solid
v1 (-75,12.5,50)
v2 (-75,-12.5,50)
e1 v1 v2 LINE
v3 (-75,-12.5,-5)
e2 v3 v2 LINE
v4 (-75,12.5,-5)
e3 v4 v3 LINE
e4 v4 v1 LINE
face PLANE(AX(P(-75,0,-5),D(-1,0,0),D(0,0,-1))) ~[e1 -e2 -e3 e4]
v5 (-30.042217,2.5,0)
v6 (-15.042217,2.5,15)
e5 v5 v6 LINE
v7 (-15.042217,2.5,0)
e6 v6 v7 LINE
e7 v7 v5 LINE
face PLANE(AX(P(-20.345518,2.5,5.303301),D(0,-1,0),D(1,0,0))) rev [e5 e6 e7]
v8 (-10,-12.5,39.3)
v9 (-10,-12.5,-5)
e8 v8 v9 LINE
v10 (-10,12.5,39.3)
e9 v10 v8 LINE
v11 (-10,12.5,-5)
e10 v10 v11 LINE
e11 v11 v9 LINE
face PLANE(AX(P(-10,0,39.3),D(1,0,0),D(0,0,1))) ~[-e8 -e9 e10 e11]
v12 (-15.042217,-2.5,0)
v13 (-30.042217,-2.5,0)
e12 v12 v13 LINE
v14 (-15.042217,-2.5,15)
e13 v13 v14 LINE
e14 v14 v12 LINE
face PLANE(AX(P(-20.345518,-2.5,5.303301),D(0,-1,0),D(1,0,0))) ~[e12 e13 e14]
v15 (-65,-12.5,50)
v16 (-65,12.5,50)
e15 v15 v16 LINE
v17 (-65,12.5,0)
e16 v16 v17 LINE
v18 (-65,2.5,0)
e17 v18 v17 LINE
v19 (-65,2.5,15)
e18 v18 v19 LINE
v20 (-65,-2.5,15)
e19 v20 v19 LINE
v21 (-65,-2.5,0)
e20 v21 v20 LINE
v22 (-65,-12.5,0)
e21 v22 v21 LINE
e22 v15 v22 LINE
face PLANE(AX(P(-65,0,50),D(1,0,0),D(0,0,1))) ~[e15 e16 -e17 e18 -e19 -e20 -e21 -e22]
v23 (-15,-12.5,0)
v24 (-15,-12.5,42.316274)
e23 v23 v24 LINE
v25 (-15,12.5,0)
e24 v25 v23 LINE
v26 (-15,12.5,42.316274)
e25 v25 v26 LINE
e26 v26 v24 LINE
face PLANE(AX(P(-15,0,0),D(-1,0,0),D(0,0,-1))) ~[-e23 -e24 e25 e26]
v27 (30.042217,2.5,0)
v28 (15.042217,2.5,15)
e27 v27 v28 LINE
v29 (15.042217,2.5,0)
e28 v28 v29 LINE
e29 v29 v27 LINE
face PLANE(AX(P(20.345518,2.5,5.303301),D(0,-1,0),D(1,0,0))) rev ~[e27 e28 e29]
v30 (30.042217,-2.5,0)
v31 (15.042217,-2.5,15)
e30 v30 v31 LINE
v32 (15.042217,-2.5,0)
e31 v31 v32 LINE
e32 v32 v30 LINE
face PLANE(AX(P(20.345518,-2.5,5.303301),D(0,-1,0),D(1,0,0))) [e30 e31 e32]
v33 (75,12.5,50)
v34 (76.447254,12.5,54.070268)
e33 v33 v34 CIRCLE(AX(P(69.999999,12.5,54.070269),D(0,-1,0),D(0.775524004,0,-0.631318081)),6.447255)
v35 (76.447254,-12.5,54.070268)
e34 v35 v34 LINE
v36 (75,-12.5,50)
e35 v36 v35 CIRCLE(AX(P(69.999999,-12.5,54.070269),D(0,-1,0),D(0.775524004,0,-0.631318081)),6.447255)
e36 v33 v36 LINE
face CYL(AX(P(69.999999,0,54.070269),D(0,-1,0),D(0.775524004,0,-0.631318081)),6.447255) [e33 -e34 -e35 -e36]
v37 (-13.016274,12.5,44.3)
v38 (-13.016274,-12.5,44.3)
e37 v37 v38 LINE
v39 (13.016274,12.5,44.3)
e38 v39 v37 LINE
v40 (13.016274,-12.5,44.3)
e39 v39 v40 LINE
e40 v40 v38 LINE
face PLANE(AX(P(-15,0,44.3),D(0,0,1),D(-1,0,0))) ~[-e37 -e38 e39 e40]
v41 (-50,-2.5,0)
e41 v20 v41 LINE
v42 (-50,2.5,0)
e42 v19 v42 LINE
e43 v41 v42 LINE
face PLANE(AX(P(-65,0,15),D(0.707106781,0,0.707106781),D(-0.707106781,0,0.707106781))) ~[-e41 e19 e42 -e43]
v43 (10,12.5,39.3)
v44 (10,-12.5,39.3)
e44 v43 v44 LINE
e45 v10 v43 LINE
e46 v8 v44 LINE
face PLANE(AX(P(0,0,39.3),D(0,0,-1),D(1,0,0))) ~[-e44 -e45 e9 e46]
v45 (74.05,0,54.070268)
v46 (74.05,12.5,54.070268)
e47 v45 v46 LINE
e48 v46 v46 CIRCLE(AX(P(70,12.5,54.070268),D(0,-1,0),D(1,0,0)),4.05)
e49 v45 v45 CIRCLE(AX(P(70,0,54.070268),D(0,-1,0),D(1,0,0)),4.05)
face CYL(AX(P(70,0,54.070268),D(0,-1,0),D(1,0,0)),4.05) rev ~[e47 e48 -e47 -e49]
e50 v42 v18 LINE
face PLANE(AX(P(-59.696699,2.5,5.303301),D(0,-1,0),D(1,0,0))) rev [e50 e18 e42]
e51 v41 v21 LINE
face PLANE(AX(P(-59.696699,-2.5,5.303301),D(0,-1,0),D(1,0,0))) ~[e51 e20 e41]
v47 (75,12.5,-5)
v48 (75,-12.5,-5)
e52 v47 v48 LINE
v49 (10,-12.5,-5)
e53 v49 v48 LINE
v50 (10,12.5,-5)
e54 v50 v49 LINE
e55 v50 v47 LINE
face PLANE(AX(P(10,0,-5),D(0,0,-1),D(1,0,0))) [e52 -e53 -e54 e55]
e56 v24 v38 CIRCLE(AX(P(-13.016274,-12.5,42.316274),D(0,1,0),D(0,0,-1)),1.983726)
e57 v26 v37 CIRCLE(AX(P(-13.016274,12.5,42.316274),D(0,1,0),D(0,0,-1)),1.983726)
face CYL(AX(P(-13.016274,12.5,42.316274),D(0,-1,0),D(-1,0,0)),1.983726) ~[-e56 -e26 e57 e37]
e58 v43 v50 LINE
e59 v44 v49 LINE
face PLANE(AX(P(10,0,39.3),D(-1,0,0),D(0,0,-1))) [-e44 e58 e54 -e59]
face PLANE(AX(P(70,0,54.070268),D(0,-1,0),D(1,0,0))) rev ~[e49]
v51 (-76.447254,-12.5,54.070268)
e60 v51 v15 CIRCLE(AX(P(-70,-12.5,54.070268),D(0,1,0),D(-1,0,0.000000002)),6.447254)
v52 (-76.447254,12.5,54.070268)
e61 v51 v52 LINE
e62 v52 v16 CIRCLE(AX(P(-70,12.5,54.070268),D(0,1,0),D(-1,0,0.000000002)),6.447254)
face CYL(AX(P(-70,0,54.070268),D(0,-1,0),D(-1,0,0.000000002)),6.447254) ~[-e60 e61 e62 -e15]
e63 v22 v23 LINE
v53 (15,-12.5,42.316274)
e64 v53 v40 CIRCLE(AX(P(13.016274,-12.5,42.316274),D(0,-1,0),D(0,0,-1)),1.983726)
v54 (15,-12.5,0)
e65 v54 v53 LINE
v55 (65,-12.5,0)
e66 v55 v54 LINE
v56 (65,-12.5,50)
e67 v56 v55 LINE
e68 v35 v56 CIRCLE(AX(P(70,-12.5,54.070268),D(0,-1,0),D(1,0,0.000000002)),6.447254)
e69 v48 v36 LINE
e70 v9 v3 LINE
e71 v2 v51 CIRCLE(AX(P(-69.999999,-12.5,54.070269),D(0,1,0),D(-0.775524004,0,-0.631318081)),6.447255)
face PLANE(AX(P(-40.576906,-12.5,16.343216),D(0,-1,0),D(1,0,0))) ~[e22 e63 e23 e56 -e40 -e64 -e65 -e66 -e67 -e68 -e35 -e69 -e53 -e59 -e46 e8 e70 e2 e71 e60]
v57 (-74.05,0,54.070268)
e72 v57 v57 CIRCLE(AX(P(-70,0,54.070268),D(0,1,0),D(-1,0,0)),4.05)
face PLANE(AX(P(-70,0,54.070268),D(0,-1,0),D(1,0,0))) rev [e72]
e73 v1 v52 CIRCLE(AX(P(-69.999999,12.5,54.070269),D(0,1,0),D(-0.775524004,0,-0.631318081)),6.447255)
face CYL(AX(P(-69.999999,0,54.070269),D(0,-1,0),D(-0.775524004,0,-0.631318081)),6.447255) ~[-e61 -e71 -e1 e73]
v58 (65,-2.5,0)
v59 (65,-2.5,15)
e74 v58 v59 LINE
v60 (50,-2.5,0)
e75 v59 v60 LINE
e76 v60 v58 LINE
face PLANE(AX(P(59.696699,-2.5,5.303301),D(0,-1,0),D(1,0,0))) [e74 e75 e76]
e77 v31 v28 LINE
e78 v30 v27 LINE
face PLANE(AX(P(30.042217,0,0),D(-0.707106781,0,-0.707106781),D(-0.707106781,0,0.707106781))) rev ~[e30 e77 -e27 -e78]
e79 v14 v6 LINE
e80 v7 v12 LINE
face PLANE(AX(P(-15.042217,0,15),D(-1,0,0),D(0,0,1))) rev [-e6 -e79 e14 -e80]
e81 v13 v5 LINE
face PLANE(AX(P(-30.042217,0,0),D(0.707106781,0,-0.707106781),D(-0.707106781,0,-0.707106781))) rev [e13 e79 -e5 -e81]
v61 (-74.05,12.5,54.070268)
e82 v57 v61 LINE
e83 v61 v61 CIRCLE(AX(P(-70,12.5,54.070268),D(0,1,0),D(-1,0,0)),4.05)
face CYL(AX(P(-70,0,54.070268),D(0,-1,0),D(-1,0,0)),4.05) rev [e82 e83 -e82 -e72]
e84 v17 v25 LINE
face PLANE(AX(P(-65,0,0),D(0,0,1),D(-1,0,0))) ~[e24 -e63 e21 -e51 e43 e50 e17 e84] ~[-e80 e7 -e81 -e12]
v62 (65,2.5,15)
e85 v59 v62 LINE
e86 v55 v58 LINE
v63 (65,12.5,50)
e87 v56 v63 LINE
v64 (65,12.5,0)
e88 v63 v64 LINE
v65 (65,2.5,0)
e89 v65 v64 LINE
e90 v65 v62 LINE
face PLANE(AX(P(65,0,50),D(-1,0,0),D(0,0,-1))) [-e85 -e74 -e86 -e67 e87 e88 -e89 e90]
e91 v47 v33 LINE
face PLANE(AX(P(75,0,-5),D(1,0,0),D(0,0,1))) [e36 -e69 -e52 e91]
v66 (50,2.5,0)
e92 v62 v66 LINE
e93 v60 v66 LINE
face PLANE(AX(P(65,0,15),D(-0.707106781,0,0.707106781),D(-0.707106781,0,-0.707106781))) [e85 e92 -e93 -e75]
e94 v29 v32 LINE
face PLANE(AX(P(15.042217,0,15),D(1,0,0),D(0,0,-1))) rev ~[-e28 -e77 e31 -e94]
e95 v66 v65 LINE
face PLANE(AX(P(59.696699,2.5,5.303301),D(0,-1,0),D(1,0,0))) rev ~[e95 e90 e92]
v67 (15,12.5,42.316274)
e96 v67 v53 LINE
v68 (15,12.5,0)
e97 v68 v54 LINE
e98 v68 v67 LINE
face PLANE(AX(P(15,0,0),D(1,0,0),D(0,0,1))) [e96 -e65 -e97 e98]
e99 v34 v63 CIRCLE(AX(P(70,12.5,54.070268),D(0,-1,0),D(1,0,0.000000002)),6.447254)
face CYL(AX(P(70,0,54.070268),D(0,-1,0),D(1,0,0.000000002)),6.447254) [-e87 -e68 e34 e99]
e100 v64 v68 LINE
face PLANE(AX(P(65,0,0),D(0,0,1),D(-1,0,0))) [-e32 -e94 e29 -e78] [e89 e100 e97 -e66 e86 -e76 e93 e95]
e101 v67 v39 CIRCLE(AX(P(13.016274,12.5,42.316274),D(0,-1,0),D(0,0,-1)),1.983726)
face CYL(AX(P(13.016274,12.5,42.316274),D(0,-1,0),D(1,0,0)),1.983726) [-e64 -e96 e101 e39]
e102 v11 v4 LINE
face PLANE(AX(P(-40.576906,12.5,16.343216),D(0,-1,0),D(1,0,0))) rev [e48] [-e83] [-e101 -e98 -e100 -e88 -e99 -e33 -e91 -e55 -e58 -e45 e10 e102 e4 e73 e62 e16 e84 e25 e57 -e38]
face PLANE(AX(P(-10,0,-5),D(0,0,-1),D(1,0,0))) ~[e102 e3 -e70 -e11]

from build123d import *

# Parameters (mm, degrees)
F1_DEPTH = 12.5
F3_DEPTH = 2.5
F4_R     = 1.983726
F5_R     = 4.05
F6_DEPTH = 12.5


with BuildPart() as f1:
    # F0 (on Front) → F1 (new body, symmetric)
    with BuildSketch(Plane.XZ):
        with BuildLine():
            Line((65, 0), (15, 0))
            Line((15, 0), (15, 44.3))
            Line((15, 44.3), (0, 44.3))
            Line((0, 44.3), (0, 39.3))
            Line((0, 39.3), (10, 39.3))
            Line((10, 39.3), (10, -5))
            Line((10, -5), (75, -5))
            Line((75, -5), (75, 50))
            ThreePointArc((75, 50), (70, 47.623014), (65, 50))
            Line((65, 50), (65, 0))
        make_face()
        with BuildLine():
            Line((75, 50), (65, 50))
            ThreePointArc((65, 50), (70, 47.623014), (75, 50))
        make_face()
        with BuildLine():
            ThreePointArc((76.447254, 54.070268), (67.840045, 60.144943), (65, 50))
            Line((65, 50), (75, 50))
            ThreePointArc((75, 50), (76.074675, 51.910313), (76.447254, 54.070268))
        make_face()
    extrude(amount=F1_DEPTH, both=True)

    # F2 (on Front) → F3 (join, symmetric)
    with BuildSketch(Plane.XZ):
        Polygon((15.042217, 15), (15.042217, 0), (30.042217, 0), align=None)
        Polygon((50, 0), (65, 0), (65, 15), align=None)
    extrude(amount=F3_DEPTH, both=True)

    # F4
    f4_edges = [f1.edges().sort_by_distance(p)[0] for p in [
        (15, 0, 44.3),
    ]]
    fillet(f4_edges, radius=F4_R)

    # F5 (on Front) → F6 (cut, through all)
    with BuildSketch(Plane.XZ):
        with Locations((70, 54.070268)):
            Circle(F5_R)
    extrude(amount=-F6_DEPTH, mode=Mode.SUBTRACT)

    # F7: F1 across plane


with BuildPart() as f1_1:
    add(f1.part)
    add(f1.part.mirror(Plane.YZ))


solid = f1_1.part
